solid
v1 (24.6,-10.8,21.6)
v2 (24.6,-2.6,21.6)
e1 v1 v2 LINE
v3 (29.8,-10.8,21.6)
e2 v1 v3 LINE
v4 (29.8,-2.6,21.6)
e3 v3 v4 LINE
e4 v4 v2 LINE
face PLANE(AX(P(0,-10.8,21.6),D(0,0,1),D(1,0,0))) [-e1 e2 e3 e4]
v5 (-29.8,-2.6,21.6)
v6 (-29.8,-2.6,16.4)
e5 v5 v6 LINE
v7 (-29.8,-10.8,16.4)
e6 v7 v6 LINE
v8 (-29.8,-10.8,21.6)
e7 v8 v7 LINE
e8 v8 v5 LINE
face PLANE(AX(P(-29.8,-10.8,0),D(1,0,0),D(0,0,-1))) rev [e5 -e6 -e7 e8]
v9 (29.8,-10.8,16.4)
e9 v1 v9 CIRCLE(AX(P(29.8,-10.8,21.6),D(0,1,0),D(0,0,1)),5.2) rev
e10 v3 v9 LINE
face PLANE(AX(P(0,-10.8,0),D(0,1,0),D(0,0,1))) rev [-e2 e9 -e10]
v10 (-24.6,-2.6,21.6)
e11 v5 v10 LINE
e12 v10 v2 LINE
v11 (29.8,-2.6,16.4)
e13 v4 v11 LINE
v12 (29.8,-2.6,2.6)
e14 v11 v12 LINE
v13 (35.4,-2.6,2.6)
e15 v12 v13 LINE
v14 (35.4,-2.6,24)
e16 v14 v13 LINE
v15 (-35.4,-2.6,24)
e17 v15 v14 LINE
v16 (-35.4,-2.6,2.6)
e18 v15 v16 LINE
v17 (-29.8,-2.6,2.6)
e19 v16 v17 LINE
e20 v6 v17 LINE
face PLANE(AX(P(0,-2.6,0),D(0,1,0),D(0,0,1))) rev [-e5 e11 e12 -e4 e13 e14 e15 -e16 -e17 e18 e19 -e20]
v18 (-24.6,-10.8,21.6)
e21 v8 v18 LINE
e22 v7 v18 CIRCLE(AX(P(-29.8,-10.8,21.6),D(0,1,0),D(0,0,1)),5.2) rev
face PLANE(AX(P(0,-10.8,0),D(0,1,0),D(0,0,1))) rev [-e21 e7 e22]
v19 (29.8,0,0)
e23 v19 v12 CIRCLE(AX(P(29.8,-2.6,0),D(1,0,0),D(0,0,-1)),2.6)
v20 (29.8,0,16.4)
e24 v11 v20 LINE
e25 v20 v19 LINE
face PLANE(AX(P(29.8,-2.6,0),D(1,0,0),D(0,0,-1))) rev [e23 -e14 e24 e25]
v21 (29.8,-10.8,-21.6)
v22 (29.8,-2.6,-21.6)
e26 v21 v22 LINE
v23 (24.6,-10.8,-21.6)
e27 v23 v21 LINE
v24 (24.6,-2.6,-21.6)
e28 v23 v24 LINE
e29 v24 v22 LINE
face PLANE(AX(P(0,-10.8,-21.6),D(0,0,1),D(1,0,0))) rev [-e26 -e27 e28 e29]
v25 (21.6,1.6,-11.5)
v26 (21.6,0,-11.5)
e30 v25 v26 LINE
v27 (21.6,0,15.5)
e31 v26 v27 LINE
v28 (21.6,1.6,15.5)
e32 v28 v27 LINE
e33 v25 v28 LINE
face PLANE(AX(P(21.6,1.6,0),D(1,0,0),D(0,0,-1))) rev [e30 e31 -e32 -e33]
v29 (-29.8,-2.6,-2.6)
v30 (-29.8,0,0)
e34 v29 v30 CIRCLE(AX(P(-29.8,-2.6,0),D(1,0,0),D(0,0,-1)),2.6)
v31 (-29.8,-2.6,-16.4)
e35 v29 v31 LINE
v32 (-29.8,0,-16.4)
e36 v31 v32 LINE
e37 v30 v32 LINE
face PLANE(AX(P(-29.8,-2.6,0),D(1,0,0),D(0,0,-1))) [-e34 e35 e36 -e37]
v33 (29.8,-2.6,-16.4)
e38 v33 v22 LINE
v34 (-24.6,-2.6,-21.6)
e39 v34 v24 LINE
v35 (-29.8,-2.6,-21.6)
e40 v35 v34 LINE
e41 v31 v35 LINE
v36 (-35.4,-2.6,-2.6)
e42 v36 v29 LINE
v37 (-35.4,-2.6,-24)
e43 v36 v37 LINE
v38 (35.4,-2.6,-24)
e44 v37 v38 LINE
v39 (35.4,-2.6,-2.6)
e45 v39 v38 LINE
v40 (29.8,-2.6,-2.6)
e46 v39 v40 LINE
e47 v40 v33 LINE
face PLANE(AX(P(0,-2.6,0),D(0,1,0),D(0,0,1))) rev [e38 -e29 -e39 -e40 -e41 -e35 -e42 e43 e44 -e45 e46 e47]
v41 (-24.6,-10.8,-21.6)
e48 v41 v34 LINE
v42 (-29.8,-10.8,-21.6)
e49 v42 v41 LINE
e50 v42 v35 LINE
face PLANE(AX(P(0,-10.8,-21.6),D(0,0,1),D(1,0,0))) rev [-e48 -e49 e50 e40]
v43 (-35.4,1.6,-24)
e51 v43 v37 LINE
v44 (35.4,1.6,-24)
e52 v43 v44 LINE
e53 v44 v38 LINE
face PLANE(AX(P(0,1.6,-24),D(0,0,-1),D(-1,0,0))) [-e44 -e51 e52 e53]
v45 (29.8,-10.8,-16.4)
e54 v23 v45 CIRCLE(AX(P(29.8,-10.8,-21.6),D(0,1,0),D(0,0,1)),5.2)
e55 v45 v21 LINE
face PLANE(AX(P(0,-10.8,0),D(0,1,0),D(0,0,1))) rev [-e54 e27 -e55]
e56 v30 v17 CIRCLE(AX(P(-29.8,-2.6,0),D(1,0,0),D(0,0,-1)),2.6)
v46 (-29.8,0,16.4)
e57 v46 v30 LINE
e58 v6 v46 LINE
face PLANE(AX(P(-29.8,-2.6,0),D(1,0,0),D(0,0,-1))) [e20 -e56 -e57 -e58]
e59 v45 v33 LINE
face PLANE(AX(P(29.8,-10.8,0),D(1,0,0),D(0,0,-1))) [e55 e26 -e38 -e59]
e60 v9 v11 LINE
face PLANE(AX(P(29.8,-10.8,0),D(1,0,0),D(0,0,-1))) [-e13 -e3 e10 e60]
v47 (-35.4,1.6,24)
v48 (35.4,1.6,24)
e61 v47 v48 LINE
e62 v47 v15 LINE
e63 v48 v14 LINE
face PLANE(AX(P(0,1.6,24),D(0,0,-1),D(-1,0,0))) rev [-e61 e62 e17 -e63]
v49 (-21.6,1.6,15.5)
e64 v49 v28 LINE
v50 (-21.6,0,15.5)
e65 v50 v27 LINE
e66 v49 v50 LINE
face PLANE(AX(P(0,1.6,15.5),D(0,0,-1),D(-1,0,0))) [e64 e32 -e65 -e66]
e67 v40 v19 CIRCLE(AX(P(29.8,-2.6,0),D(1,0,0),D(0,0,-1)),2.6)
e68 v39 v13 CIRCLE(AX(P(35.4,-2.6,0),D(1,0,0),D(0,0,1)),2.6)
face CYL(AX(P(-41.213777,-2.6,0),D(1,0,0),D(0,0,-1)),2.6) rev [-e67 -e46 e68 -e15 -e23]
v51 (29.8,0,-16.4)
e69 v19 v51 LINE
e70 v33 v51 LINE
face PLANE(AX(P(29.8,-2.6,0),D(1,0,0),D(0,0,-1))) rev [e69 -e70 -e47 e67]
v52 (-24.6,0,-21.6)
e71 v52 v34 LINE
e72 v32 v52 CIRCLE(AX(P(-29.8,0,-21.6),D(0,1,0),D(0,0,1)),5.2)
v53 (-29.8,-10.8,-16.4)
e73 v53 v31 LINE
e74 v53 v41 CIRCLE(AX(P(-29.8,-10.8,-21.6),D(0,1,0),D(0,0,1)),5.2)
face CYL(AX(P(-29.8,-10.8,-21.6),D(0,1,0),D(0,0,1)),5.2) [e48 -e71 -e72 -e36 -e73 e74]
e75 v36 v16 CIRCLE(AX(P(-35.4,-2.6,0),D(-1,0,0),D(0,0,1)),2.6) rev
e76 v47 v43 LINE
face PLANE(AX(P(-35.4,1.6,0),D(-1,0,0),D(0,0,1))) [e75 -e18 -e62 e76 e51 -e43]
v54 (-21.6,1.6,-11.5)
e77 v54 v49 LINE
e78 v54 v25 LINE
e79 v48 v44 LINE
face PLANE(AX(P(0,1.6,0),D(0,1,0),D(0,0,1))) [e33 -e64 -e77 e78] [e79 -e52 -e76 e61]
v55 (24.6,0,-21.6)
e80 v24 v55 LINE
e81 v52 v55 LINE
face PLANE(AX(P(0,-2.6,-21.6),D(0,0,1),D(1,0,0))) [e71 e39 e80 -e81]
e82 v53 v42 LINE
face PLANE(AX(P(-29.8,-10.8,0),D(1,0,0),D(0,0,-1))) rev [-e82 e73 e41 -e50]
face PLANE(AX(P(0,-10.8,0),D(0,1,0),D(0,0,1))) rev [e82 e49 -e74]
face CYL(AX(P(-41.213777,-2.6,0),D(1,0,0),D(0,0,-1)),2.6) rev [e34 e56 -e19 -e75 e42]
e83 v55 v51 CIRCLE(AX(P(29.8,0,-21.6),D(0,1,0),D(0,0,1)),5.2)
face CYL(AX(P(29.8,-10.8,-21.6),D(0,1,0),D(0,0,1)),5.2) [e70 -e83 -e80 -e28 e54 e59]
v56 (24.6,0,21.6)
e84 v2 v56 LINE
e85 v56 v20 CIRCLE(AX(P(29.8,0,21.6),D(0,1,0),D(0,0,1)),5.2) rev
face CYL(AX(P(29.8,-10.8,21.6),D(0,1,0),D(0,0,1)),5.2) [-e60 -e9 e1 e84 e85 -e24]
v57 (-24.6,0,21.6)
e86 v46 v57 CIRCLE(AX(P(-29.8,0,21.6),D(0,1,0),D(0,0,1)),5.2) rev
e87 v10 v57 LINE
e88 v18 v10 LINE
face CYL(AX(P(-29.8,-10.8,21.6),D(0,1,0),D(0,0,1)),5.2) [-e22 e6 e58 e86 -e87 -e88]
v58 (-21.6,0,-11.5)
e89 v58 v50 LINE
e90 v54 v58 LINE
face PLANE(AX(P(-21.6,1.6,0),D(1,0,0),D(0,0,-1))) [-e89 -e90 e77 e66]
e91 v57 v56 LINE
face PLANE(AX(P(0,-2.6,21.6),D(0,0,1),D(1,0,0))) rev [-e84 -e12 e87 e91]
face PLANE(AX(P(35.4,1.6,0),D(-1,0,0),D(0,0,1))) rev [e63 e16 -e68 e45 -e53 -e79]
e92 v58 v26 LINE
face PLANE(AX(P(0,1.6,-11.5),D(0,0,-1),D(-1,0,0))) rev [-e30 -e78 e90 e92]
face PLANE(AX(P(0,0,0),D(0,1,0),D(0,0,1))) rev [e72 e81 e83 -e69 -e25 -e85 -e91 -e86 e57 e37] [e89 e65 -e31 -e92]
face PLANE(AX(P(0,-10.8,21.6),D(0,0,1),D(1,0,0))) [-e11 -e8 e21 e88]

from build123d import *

# Parameters (mm, degrees)
CROQUIS1_W              = 70.8
CROQUIS1_H              = 48
CROQUIS1_W_2            = 60.4
CROQUIS1_H_2            = 44
CROQUIS1_W_3            = 59.6
CROQUIS1_H_3            = 43.2
CROQUIS1_W_4            = 43.2
CROQUIS1_H_4            = 27
SALIENTE_EXTRUIR1_DEPTH = 1.6
SALIENTE_EXTRUIR2_DEPTH = 10.8
CROQUIS1_5_W            = 70.8
CROQUIS1_5_H            = 48
CROQUIS1_5_W_2          = 60.4
CROQUIS1_5_H_2          = 44
CROQUIS1_5_W_3          = 59.6
CROQUIS1_5_H_3          = 43.2
SALIENTE_EXTRUIR3_DEPTH = 2.6
CORTAR_EXTRUIR1_REACH   = 77.533


with BuildPart() as part:
    # Croquis1 → Saliente-Extruir1 (new body)
    # profile 1 of 7: a face of its own
    with BuildSketch(Plane(origin=(0, 0, 0), x_dir=(1, 0, 0), z_dir=(0, 1, 0))):
        Rectangle(CROQUIS1_W, CROQUIS1_H)
        Rectangle(CROQUIS1_W_2, CROQUIS1_H_2, mode=Mode.SUBTRACT)
    # profile 2 of 7: a face of its own
    with BuildSketch(Plane(origin=(0, 0, 0), x_dir=(1, 0, 0), z_dir=(0, 1, 0))):
        Rectangle(CROQUIS1_W_2, CROQUIS1_H_2)
        Rectangle(CROQUIS1_W_3, CROQUIS1_H_3, mode=Mode.SUBTRACT)
    # profile 3 of 7: a face of its own
    with BuildSketch(Plane(origin=(0, 0, 0), x_dir=(1, 0, 0), z_dir=(0, 1, 0))):
        with BuildLine():
            ThreePointArc((-29.8, -16.4), (-26.123044738, -17.923044738), (-24.6, -21.6))
            Line((-24.6, -21.6), (24.6, -21.6))
            ThreePointArc((24.6, -21.6), (26.123044738, -17.923044738), (29.8, -16.4))
            Line((29.8, -16.4), (29.8, 16.4))
            ThreePointArc((29.8, 16.4), (26.123044738, 17.923044738), (24.6, 21.6))
            Line((24.6, 21.6), (-24.6, 21.6))
            ThreePointArc((-24.6, 21.6), (-26.123044738, 17.923044738), (-29.8, 16.4))
            Line((-29.8, 16.4), (-29.8, -16.4))
        make_face()
        with Locations((0, -2)):
            Rectangle(CROQUIS1_W_4, CROQUIS1_H_4, mode=Mode.SUBTRACT)
    # profile 4 of 7: a face of its own
    with BuildSketch(Plane(origin=(0, 0, 0), x_dir=(1, 0, 0), z_dir=(0, 1, 0))):
        with BuildLine():
            ThreePointArc((29.8, -16.4), (26.123044738, -17.923044738), (24.6, -21.6))
            Line((24.6, -21.6), (29.8, -21.6))
            Line((29.8, -21.6), (29.8, -16.4))
        make_face()
    # profile 5 of 7: a face of its own
    with BuildSketch(Plane(origin=(0, 0, 0), x_dir=(1, 0, 0), z_dir=(0, 1, 0))):
        with BuildLine():
            ThreePointArc((24.6, 21.6), (26.123044738, 17.923044738), (29.8, 16.4))
            Line((29.8, 16.4), (29.8, 21.6))
            Line((29.8, 21.6), (24.6, 21.6))
        make_face()
    # profile 6 of 7: a face of its own
    with BuildSketch(Plane(origin=(0, 0, 0), x_dir=(1, 0, 0), z_dir=(0, 1, 0))):
        with BuildLine():
            Line((-29.8, 21.6), (-29.8, 16.4))
            ThreePointArc((-29.8, 16.4), (-26.123044738, 17.923044738), (-24.6, 21.6))
            Line((-24.6, 21.6), (-29.8, 21.6))
        make_face()
    # profile 7 of 7: a face of its own
    with BuildSketch(Plane(origin=(0, 0, 0), x_dir=(1, 0, 0), z_dir=(0, 1, 0))):
        with BuildLine():
            Line((-29.8, -16.4), (-29.8, -21.6))
            Line((-29.8, -21.6), (-24.6, -21.6))
            ThreePointArc((-24.6, -21.6), (-26.123044738, -17.923044738), (-29.8, -16.4))
        make_face()
    extrude(amount=SALIENTE_EXTRUIR1_DEPTH)

    # Croquis1<4> → Saliente-Extruir2 (add)
    with BuildSketch(Plane(origin=(0, 0, 0), x_dir=(1, 0, 0), z_dir=(0, 1, 0))):
        with BuildLine():
            Line((-29.8, -16.4), (-29.8, -21.6))
            Line((-29.8, -21.6), (-24.6, -21.6))
            ThreePointArc((-24.6, -21.6), (-26.123044738, -17.923044738), (-29.8, -16.4))
        make_face()
        with BuildLine():
            Line((-29.8, 21.6), (-29.8, 16.4))
            ThreePointArc((-29.8, 16.4), (-26.123044738, 17.923044738), (-24.6, 21.6))
            Line((-24.6, 21.6), (-29.8, 21.6))
        make_face()
        with BuildLine():
            ThreePointArc((24.6, 21.6), (26.123044738, 17.923044738), (29.8, 16.4))
            Line((29.8, 16.4), (29.8, 21.6))
            Line((29.8, 21.6), (24.6, 21.6))
        make_face()
        with BuildLine():
            ThreePointArc((29.8, -16.4), (26.123044738, -17.923044738), (24.6, -21.6))
            Line((24.6, -21.6), (29.8, -21.6))
            Line((29.8, -21.6), (29.8, -16.4))
        make_face()
    extrude(amount=-SALIENTE_EXTRUIR2_DEPTH)

    # Croquis1<5> → Saliente-Extruir3 (add)
    # profile 1 of 2: a face of its own
    with BuildSketch(Plane(origin=(0, 0, 0), x_dir=(1, 0, 0), z_dir=(0, 1, 0))):
        Rectangle(CROQUIS1_5_W, CROQUIS1_5_H)
        Rectangle(CROQUIS1_5_W_2, CROQUIS1_5_H_2, mode=Mode.SUBTRACT)
    # profile 2 of 2: a face of its own
    with BuildSketch(Plane(origin=(0, 0, 0), x_dir=(1, 0, 0), z_dir=(0, 1, 0))):
        Rectangle(CROQUIS1_5_W_2, CROQUIS1_5_H_2)
        Rectangle(CROQUIS1_5_W_3, CROQUIS1_5_H_3, mode=Mode.SUBTRACT)
    extrude(amount=-SALIENTE_EXTRUIR3_DEPTH)

    # Cortar-Extruir1: up to this face of the body (flat: up to its plane)
    cortar_extruir1_end = Plane(part.part.faces().sort_by_distance((-35.4, -0.5, 0))[0])
    # Croquis2 → Cortar-Extruir1 (cut, up to the picked face)
    with BuildSketch(Plane(origin=(35.4, 0, 0), x_dir=(0, 0, -1), z_dir=(1, 0, 0)), mode=Mode.PRIVATE) as cortar_extruir1_sk1:
        with BuildLine():
            Line((-2.6, -2.6), (2.6, -2.6))
            ThreePointArc((2.6, -2.6), (0, 0), (-2.6, -2.6))
        make_face()
    cortar_extruir1_tool1 = split(extrude(cortar_extruir1_sk1.sketch, amount=-CORTAR_EXTRUIR1_REACH, mode=Mode.PRIVATE), bisect_by=cortar_extruir1_end, keep=Keep.BOTH, mode=Mode.PRIVATE)
    add(cortar_extruir1_tool1.solids().sort_by(Axis((35.4, -1.496526, 0), (-1, 0, 0)))[0], mode=Mode.SUBTRACT)


solid = part.part
